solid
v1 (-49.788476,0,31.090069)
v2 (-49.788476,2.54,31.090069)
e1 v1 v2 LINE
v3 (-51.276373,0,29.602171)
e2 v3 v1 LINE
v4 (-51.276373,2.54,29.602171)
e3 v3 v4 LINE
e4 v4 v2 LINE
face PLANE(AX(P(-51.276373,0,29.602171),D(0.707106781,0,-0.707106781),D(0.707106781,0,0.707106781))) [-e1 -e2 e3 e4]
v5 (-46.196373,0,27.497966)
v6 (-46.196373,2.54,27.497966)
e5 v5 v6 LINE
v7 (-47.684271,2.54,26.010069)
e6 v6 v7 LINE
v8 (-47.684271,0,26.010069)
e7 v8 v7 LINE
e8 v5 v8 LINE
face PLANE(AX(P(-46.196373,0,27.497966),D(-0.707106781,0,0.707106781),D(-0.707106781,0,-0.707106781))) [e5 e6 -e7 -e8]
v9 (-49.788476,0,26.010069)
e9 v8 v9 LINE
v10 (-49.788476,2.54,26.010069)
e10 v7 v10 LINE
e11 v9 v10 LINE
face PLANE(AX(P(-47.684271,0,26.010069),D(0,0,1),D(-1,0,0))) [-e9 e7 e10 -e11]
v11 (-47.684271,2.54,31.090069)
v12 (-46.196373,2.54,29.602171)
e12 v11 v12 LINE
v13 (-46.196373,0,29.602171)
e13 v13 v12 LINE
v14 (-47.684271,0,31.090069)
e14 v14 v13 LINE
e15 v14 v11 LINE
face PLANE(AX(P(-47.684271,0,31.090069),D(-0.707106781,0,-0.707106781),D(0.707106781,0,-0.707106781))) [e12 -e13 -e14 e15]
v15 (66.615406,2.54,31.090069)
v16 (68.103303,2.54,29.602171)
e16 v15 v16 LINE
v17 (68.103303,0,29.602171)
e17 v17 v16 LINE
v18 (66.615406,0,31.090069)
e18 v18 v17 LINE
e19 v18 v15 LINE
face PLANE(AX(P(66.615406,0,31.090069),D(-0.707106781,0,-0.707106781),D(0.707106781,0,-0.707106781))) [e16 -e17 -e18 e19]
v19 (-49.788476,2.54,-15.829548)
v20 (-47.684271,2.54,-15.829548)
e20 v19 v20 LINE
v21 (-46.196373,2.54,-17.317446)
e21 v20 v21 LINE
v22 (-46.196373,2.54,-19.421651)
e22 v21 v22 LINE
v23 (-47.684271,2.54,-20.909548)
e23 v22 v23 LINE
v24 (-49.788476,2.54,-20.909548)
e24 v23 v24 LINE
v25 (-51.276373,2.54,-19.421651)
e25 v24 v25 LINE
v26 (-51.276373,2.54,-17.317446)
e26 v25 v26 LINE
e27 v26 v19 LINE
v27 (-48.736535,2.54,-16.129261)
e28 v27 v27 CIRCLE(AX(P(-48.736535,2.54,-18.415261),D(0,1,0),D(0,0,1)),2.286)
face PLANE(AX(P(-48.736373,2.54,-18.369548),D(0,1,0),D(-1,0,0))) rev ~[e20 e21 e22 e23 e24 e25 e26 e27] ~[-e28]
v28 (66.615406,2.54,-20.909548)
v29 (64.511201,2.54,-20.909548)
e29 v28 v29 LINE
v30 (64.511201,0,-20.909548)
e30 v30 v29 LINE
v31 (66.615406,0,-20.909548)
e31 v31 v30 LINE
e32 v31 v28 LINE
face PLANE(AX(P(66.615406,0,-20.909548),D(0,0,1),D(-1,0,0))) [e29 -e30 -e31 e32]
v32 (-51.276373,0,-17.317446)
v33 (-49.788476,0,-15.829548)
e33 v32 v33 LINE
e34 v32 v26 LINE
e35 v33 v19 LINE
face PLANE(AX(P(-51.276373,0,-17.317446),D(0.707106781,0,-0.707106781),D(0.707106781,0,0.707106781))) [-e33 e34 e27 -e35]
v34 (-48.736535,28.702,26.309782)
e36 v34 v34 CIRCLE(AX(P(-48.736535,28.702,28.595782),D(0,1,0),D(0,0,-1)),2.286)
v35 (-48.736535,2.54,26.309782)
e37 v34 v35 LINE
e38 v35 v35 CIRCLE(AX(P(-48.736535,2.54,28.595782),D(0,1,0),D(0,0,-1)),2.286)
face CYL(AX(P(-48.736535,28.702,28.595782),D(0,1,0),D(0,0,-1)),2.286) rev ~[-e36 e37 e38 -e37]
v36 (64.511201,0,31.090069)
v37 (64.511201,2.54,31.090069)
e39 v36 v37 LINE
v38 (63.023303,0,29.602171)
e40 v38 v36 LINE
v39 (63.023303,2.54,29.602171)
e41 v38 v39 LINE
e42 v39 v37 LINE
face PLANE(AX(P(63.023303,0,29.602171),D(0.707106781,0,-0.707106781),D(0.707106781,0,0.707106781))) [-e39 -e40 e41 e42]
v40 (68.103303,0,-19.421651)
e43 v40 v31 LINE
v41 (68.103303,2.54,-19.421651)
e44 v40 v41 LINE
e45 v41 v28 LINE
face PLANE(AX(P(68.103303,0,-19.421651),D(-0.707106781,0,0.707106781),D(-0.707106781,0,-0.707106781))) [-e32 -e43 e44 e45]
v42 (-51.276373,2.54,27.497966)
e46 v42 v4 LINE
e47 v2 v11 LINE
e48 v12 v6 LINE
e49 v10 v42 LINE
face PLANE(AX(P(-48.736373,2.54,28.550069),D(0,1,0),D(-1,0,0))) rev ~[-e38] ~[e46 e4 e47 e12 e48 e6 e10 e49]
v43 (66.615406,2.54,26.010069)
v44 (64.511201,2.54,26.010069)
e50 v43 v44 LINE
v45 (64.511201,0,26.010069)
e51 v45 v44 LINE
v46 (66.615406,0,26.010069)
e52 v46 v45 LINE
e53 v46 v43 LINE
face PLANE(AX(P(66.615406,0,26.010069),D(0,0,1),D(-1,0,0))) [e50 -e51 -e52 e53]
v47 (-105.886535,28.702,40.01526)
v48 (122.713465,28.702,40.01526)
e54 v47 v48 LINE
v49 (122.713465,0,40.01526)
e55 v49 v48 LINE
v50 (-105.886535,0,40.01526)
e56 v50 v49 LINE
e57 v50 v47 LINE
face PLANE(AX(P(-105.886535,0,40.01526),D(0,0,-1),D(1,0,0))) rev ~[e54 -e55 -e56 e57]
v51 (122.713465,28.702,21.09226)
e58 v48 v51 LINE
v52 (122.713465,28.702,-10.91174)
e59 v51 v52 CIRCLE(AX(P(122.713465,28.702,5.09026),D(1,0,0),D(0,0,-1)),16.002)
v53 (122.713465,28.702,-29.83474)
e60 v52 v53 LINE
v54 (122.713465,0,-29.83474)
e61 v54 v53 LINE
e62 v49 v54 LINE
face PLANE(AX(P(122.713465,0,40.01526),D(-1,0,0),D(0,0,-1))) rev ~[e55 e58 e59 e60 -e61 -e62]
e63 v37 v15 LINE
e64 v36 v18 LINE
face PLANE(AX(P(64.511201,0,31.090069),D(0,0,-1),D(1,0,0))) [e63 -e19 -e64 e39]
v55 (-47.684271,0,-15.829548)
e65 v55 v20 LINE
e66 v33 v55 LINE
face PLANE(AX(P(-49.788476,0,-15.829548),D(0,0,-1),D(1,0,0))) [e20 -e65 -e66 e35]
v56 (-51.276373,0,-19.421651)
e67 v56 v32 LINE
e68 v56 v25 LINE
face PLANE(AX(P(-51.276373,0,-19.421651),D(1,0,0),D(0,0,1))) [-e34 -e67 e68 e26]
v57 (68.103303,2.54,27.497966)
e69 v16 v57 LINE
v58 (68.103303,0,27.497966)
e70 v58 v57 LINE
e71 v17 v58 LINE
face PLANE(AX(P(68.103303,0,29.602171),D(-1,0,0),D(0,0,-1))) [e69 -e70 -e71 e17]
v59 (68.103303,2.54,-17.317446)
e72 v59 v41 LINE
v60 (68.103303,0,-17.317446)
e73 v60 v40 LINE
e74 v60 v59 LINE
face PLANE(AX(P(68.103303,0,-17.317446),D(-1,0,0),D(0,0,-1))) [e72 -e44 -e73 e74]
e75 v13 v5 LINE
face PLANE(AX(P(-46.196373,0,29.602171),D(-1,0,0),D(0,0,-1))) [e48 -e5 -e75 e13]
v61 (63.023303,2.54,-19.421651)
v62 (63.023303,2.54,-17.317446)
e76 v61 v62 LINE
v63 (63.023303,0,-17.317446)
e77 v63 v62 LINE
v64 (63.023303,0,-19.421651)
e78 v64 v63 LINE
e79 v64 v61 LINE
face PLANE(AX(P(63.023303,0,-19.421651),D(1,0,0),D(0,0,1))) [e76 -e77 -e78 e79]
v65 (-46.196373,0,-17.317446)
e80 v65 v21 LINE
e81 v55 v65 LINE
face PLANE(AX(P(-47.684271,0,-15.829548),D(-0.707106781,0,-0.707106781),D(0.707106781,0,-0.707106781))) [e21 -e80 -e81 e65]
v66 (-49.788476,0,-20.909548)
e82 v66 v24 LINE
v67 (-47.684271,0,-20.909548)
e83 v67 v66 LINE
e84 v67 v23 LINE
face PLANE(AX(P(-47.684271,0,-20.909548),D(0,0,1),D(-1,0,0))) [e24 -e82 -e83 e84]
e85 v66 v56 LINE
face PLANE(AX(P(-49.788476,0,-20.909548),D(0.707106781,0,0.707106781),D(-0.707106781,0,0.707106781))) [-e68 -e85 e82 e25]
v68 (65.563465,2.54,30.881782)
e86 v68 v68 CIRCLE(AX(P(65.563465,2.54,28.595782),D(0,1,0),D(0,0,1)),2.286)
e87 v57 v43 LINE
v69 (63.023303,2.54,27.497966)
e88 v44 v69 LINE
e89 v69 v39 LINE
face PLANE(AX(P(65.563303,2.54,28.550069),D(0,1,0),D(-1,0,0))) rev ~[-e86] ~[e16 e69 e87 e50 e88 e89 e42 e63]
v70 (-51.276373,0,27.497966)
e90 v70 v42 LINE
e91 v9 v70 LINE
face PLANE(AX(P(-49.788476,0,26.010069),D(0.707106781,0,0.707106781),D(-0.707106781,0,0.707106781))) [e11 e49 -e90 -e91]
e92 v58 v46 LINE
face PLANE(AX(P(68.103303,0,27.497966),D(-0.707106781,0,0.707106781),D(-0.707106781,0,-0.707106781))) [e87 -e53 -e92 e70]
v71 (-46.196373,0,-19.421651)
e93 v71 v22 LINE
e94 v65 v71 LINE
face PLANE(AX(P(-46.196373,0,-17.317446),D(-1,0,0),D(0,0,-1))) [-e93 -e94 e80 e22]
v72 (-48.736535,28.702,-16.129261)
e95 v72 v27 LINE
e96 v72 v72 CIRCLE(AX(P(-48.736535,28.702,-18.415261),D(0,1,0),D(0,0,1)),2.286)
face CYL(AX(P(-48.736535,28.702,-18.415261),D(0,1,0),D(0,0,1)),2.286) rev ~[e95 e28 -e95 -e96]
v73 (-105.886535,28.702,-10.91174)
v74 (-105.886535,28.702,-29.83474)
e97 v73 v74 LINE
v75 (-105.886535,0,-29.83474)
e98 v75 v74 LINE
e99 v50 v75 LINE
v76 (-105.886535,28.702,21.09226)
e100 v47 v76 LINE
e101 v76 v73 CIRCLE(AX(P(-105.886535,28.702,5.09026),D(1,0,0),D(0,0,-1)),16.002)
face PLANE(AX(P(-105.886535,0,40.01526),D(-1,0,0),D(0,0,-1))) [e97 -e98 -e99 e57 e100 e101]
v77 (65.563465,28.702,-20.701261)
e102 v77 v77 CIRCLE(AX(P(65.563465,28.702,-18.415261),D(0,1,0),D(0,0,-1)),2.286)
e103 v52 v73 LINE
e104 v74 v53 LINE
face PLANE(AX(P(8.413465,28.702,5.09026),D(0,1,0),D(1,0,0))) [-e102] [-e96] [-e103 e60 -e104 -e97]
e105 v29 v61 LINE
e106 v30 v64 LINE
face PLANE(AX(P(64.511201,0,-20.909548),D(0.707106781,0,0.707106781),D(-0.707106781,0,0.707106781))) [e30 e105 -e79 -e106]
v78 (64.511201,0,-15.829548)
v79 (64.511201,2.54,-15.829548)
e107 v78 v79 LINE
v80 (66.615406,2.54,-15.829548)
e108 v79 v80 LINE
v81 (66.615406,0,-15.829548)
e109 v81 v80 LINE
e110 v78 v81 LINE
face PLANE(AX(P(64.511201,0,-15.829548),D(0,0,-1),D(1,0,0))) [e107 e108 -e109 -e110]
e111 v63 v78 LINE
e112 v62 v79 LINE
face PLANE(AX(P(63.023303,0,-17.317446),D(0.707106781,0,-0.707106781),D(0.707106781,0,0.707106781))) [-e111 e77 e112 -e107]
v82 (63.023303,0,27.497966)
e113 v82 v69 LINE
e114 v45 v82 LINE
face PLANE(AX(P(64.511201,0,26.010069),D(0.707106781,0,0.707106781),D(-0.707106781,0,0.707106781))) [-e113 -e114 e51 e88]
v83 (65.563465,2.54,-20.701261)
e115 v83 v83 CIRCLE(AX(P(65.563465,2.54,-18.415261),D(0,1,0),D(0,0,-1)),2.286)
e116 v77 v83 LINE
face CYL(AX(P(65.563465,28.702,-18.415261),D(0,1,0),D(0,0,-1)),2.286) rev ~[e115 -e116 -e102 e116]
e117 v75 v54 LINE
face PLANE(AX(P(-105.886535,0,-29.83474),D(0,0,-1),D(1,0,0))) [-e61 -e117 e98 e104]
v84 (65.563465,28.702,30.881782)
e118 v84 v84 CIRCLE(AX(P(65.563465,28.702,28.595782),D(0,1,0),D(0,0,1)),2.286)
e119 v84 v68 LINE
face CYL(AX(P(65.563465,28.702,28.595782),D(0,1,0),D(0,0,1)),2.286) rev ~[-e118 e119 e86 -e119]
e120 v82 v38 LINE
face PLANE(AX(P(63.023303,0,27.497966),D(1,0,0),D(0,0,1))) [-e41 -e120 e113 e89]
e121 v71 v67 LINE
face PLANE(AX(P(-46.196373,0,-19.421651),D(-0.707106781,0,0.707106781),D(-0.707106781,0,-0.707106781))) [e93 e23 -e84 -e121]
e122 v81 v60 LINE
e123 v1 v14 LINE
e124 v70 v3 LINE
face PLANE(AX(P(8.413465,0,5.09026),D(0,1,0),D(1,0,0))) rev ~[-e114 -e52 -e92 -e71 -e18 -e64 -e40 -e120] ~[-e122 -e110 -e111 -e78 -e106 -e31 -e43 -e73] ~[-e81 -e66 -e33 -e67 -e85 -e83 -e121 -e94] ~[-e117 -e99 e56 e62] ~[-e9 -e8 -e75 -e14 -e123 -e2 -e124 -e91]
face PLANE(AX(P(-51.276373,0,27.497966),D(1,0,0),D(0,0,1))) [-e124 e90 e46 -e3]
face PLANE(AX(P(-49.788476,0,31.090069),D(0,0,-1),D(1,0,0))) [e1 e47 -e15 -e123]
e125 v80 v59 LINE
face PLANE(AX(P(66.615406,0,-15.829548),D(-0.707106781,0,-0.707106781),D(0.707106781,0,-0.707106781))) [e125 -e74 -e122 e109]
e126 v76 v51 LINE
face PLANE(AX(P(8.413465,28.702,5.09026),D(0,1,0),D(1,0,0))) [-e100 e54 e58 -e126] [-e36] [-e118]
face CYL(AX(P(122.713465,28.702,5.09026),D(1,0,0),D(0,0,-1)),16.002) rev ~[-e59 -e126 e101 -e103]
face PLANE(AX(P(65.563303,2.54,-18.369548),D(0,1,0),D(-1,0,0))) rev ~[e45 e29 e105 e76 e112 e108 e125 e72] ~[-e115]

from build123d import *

# Parameters (mm, degrees)
SKETCH1_W           = 228.6
SKETCH1_H           = 69.85
BOSS_EXTRUDE1_DEPTH = 28.702
SKETCH2_R           = 16.002
CUT_EXTRUDE1_DEPTH  = 234.843934843
SKETCH3_R           = 2.286
CUT_EXTRUDE2_DEPTH  = 133.225641813
CUT_EXTRUDE3_DEPTH  = 2.54


with BuildPart() as part:
    # Sketch1 → Boss-Extrude1 (new body)
    with BuildSketch(Plane(origin=(0, 0, 0), x_dir=(1, 0, 0), z_dir=(0, 1, 0))):
        with Locations((8.413464991, -5.090260323)):
            Rectangle(SKETCH1_W, SKETCH1_H)
    extrude(amount=BOSS_EXTRUDE1_DEPTH)

    # Sketch2 → Cut-Extrude1 (cut, through all)
    with BuildSketch(Plane(origin=(122.713464991, 0, 0), x_dir=(0, 0, -1), z_dir=(1, 0, 0))):
        with Locations((-5.090260323, 28.702)):
            Circle(SKETCH2_R)
    extrude(amount=-CUT_EXTRUDE1_DEPTH, mode=Mode.SUBTRACT)

    # Sketch3 → Cut-Extrude2 (cut, through all)
    with BuildSketch(Plane(origin=(0, 28.702, 0), x_dir=(1, 0, 0), z_dir=(0, 1, 0))):
        with Locations(Location((-48.736535009, 18.415261035, 0), (0, 0, 270))):
            Circle(SKETCH3_R)
        with Locations(Location((-48.736535009, -28.595781682, 0), (0, 0, 90))):
            Circle(SKETCH3_R)
        with Locations(Location((65.563464991, 18.415261035, 0), (0, 0, 90))):
            Circle(SKETCH3_R)
        with Locations(Location((65.563464991, -28.595781682, 0), (0, 0, 270))):
            Circle(SKETCH3_R)
    extrude(amount=-CUT_EXTRUDE2_DEPTH, mode=Mode.SUBTRACT)

    # Sketch4 → Cut-Extrude3 (cut)
    with BuildSketch(Plane.XZ):
        Polygon((-49.788475899, 31.090068722), (-47.684271002, 31.090068722), (-46.19637345, 29.602171171), (-46.19637345, 27.497966274), (-47.684271002, 26.010068722), (-49.788475899, 26.010068722), (-51.27637345, 27.497966274), (-51.27637345, 29.602171171), align=None)
        Polygon((-46.19637345, -19.421650524), (-47.684271002, -20.909548076), (-49.788475899, -20.909548076), (-51.27637345, -19.421650524), (-51.27637345, -17.317445628), (-49.788475899, -15.829548076), (-47.684271002, -15.829548076), (-46.19637345, -17.317445628), align=None)
        Polygon((66.615405881, -20.909548076), (64.511200984, -20.909548076), (63.023303432, -19.421650524), (63.023303432, -17.317445628), (64.511200984, -15.829548076), (66.615405881, -15.829548076), (68.103303432, -17.317445628), (68.103303432, -19.421650524), align=None)
        Polygon((63.023303432, 29.602171171), (64.511200984, 31.090068722), (66.615405881, 31.090068722), (68.103303432, 29.602171171), (68.103303432, 27.497966274), (66.615405881, 26.010068722), (64.511200984, 26.010068722), (63.023303432, 27.497966274), align=None)
    extrude(amount=-CUT_EXTRUDE3_DEPTH, mode=Mode.SUBTRACT)


solid = part.part
